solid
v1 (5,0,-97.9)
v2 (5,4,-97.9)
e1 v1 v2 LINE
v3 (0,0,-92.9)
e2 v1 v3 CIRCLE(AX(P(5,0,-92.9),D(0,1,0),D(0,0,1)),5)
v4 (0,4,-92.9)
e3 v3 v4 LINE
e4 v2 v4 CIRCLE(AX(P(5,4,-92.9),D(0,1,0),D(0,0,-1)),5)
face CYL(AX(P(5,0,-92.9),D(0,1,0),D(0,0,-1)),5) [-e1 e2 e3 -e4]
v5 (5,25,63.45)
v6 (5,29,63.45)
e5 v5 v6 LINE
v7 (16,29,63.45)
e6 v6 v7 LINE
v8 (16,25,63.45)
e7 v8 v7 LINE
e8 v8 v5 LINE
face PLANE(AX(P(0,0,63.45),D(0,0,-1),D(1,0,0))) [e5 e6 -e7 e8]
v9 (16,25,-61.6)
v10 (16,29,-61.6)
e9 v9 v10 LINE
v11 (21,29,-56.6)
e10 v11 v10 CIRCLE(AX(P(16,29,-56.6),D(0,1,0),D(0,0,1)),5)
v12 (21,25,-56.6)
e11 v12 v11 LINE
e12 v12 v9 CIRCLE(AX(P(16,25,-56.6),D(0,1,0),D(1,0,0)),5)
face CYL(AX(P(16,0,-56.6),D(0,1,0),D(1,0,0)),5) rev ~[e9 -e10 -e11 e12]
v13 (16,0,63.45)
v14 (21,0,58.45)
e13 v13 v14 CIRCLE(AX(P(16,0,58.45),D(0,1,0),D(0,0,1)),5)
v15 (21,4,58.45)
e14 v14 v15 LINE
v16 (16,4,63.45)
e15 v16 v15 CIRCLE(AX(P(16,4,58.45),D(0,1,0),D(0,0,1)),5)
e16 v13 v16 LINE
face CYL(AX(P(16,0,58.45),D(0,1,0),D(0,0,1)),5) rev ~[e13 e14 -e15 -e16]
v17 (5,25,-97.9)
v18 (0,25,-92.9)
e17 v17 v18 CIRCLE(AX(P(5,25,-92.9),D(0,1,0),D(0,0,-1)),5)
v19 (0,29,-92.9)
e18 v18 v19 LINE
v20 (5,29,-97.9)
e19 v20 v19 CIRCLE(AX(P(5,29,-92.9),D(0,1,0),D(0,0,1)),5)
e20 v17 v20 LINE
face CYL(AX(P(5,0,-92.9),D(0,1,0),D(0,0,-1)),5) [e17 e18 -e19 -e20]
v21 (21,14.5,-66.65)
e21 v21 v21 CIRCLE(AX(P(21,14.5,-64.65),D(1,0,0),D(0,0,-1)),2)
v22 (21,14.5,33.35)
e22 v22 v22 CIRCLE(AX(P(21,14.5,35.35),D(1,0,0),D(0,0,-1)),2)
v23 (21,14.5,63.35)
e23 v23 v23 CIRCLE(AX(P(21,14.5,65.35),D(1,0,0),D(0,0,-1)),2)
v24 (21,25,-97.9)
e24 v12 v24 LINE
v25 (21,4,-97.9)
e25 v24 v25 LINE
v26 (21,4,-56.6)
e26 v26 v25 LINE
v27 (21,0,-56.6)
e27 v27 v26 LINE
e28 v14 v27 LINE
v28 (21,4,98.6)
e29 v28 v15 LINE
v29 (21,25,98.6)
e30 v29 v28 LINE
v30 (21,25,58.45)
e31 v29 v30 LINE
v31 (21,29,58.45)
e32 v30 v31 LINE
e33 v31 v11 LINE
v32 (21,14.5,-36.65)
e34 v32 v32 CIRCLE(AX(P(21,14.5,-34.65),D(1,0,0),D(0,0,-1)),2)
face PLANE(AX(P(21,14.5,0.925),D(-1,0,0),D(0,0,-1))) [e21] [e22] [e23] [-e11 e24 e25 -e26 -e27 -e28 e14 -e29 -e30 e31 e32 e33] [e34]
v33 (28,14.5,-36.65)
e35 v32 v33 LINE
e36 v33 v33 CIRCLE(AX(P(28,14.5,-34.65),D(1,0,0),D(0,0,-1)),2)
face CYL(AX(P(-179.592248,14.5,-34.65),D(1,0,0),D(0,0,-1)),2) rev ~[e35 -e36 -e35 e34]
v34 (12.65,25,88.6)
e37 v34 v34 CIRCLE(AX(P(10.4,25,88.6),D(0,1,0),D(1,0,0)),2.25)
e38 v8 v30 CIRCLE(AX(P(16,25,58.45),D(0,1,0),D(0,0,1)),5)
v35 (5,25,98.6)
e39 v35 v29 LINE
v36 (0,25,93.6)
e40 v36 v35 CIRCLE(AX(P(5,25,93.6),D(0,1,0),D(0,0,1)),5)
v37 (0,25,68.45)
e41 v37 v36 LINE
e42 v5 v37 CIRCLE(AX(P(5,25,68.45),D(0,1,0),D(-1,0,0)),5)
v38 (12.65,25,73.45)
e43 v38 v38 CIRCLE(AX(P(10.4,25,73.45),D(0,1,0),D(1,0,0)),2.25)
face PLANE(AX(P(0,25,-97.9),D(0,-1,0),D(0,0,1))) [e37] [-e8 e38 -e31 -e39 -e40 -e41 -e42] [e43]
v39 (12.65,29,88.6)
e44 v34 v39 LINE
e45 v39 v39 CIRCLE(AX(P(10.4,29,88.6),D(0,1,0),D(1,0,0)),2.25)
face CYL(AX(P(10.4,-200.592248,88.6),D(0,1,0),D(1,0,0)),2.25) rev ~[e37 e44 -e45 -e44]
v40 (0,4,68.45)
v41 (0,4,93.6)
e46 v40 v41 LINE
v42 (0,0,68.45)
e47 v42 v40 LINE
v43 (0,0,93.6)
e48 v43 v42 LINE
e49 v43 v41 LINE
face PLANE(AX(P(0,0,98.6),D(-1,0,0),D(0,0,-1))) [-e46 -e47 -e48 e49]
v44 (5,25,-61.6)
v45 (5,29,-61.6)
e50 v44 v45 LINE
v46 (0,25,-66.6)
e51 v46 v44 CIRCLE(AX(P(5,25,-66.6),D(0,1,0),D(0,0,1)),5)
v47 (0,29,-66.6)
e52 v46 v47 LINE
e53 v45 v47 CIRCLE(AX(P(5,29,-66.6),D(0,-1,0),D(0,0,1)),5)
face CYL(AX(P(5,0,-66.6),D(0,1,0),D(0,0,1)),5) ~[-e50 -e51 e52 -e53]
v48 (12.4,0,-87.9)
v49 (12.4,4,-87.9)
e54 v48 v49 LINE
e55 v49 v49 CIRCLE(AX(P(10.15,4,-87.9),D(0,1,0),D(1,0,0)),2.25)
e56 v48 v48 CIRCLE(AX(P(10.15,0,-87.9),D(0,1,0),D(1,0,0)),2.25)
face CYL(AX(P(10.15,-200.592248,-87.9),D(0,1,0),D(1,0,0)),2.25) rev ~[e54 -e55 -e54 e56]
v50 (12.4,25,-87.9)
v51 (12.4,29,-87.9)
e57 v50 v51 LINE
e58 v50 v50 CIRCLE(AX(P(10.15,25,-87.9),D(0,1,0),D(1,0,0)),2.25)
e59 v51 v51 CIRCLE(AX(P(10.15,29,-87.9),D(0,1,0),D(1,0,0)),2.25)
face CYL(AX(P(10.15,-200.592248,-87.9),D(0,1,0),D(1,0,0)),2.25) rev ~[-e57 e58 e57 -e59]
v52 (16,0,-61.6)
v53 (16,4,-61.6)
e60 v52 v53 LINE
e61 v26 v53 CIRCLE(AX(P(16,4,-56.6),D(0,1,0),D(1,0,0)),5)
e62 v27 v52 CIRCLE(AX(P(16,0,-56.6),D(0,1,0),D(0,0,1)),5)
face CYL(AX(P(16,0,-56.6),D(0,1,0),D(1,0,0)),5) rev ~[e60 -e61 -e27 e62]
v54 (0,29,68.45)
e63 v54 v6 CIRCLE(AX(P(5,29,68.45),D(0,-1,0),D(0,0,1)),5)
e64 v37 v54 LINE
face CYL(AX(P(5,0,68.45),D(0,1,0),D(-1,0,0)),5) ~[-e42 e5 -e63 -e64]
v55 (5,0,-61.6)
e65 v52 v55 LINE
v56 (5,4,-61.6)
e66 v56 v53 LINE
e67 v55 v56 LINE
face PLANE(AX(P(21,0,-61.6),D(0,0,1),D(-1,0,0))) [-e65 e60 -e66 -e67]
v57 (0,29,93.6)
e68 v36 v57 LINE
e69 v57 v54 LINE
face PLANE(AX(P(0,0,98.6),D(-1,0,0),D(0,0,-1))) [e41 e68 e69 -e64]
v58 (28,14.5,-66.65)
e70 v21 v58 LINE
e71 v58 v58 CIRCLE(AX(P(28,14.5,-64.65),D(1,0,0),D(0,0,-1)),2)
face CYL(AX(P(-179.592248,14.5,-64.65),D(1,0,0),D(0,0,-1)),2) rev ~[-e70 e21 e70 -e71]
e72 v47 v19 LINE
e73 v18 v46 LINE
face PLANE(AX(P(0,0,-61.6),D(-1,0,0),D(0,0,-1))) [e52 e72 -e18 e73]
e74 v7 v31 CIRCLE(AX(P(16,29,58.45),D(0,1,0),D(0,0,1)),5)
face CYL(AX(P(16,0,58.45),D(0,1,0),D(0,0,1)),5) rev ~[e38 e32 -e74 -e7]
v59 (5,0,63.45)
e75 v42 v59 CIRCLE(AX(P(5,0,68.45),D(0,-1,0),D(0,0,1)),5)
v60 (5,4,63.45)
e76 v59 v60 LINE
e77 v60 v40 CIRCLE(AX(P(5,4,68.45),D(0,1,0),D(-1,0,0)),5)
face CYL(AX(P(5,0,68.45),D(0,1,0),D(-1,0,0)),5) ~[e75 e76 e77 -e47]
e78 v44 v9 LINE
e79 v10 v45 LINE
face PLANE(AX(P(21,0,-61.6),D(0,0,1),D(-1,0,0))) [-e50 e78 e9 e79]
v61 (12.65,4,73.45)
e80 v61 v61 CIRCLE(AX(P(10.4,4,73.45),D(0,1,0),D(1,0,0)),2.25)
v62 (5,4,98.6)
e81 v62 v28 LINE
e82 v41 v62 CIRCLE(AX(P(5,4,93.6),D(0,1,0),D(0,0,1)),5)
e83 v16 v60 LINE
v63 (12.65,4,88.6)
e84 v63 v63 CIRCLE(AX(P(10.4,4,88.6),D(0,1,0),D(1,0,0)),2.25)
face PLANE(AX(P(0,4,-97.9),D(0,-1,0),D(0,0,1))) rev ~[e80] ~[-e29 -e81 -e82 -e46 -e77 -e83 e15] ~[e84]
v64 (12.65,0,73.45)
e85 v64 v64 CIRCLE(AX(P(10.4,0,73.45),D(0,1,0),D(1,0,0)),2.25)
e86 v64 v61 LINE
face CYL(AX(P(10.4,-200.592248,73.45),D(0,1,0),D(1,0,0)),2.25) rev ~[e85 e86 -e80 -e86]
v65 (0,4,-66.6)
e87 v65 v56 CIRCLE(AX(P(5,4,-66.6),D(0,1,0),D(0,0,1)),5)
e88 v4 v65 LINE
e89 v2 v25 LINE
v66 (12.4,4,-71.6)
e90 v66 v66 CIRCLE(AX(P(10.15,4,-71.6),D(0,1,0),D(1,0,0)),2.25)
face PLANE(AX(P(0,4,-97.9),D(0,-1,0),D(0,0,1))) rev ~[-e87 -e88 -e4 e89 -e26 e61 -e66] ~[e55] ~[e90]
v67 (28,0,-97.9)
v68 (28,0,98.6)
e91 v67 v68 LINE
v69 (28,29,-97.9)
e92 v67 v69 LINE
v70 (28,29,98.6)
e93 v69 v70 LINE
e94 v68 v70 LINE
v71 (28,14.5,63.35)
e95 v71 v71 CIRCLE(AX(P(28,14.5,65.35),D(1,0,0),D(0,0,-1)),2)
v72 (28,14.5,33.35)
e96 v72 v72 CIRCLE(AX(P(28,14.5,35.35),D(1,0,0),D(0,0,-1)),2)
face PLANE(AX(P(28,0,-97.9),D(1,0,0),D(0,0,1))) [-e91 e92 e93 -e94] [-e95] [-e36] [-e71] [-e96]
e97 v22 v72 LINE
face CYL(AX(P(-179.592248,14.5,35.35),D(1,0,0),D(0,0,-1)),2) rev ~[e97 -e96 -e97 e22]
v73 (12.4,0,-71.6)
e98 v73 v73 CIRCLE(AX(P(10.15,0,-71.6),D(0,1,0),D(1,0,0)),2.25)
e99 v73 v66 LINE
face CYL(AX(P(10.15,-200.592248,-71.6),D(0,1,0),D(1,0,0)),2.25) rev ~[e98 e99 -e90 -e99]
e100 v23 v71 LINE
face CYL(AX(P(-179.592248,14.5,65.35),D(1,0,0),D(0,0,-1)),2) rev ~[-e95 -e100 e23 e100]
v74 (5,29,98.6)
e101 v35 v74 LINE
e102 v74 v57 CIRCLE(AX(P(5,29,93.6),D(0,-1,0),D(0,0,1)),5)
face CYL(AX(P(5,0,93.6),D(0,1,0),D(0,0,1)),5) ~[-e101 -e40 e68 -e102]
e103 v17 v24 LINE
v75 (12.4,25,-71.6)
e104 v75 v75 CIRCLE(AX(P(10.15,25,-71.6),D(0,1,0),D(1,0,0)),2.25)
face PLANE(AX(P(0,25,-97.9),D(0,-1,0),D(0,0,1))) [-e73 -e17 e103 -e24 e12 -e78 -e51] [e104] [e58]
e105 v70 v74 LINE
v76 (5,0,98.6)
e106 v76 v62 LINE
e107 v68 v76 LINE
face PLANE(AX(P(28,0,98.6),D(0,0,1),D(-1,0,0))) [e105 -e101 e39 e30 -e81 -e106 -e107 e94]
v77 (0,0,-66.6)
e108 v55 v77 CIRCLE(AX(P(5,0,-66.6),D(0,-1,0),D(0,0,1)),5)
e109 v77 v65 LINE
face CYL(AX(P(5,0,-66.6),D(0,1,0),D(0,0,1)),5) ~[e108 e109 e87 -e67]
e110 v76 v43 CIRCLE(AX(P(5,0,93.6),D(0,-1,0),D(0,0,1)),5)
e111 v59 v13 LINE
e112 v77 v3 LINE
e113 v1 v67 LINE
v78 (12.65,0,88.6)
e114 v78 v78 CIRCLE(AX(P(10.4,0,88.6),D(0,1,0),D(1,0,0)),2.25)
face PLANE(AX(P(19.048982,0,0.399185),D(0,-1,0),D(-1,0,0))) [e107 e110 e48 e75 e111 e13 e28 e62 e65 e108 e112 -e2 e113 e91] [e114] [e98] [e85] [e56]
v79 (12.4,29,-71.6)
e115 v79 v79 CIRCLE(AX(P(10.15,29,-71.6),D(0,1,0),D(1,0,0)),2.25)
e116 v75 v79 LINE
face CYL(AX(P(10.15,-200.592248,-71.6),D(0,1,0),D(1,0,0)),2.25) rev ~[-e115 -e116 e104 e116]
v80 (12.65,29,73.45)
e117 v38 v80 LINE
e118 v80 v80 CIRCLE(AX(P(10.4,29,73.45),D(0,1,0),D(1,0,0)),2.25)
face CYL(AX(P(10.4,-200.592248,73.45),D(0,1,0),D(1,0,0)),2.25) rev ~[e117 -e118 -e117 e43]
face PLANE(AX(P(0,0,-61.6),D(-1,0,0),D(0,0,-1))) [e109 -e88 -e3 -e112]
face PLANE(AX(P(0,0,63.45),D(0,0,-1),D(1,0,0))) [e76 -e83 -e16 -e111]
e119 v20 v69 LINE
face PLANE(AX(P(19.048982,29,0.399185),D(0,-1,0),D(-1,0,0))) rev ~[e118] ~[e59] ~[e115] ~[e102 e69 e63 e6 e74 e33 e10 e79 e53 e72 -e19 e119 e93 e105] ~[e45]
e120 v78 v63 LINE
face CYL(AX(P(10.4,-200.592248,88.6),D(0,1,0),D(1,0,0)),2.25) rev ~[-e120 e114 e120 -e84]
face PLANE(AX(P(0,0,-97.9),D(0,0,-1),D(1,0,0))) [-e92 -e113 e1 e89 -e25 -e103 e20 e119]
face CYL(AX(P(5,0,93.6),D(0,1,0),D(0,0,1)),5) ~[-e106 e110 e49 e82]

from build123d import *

# Parameters (mm, degrees)
BOSS_EXTRUDE1_DEPTH   = 29
FILLET1_R             = 5
CUT_EXTRUDE1_REACH    = 108.522
SKETCH3_W             = 196.5
SKETCH3_H             = 21
M4_CLEARANCE_HOLE1_D  = 4.5
F_4_0MM_DOWEL_HOLE1_D = 4


with BuildPart() as part:
    # Sketch2 → Boss-Extrude1 (new body)
    with BuildSketch(Plane(origin=(0, 0, 0), x_dir=(1, 0, 0), z_dir=(0, 1, 0))):
        Polygon((0, 97.9), (28, 97.9), (28, -98.6), (0, -98.6), (0, -63.45), (21, -63.45), (21, 61.6), (0, 61.6), align=None)
    extrude(amount=BOSS_EXTRUDE1_DEPTH)

    # Fillet1
    fillet1_edges = [part.edges().sort_by_distance(p)[0] for p in [
        (0, 14.5, -97.9),
        (0, 14.5, 98.6),
        (0, 14.5, 63.45),
        (21, 14.5, 63.45),
        (21, 14.5, -61.6),
        (0, 14.5, -61.6),
    ]]
    fillet(fillet1_edges, radius=FILLET1_R)

    # Cut-Extrude1: up to this face of the body (flat: up to its plane)
    cut_extrude1_end = Plane(part.part.faces().sort_by_distance((21, 14.5, 0.925))[0])
    # Sketch3 → Cut-Extrude1 (cut, up to the picked face)
    with BuildSketch(Plane.ZY, mode=Mode.PRIVATE) as cut_extrude1_sk1:
        with Locations((0.35, 14.5)):
            Rectangle(SKETCH3_W, SKETCH3_H)
    cut_extrude1_tool1 = split(extrude(cut_extrude1_sk1.sketch, amount=-CUT_EXTRUDE1_REACH, mode=Mode.PRIVATE), bisect_by=cut_extrude1_end, keep=Keep.BOTH, mode=Mode.PRIVATE)
    add(cut_extrude1_tool1.solids().sort_by(Axis((0, 14.5, 0.35), (1, 0, 0)))[0], mode=Mode.SUBTRACT)

    # M4 Clearance Hole1 (through all)
    with Locations(Plane(origin=(0, 0, 0), x_dir=(-1, 0, 0), z_dir=(0, -1, 0))):
        with Locations((-10.15, 87.9), (-10.15, 71.6), (-10.4, -73.45), (-10.4, -88.6)):
            Hole(M4_CLEARANCE_HOLE1_D / 2)

    # Ø4.0mm Dowel Hole1 (through all)
    with Locations(Plane.ZY.offset(-21)):
        with Locations((65.35, 14.5), (-34.65, 14.5), (-64.65, 14.5), (35.35, 14.5)):
            Hole(F_4_0MM_DOWEL_HOLE1_D / 2)


solid = part.part
